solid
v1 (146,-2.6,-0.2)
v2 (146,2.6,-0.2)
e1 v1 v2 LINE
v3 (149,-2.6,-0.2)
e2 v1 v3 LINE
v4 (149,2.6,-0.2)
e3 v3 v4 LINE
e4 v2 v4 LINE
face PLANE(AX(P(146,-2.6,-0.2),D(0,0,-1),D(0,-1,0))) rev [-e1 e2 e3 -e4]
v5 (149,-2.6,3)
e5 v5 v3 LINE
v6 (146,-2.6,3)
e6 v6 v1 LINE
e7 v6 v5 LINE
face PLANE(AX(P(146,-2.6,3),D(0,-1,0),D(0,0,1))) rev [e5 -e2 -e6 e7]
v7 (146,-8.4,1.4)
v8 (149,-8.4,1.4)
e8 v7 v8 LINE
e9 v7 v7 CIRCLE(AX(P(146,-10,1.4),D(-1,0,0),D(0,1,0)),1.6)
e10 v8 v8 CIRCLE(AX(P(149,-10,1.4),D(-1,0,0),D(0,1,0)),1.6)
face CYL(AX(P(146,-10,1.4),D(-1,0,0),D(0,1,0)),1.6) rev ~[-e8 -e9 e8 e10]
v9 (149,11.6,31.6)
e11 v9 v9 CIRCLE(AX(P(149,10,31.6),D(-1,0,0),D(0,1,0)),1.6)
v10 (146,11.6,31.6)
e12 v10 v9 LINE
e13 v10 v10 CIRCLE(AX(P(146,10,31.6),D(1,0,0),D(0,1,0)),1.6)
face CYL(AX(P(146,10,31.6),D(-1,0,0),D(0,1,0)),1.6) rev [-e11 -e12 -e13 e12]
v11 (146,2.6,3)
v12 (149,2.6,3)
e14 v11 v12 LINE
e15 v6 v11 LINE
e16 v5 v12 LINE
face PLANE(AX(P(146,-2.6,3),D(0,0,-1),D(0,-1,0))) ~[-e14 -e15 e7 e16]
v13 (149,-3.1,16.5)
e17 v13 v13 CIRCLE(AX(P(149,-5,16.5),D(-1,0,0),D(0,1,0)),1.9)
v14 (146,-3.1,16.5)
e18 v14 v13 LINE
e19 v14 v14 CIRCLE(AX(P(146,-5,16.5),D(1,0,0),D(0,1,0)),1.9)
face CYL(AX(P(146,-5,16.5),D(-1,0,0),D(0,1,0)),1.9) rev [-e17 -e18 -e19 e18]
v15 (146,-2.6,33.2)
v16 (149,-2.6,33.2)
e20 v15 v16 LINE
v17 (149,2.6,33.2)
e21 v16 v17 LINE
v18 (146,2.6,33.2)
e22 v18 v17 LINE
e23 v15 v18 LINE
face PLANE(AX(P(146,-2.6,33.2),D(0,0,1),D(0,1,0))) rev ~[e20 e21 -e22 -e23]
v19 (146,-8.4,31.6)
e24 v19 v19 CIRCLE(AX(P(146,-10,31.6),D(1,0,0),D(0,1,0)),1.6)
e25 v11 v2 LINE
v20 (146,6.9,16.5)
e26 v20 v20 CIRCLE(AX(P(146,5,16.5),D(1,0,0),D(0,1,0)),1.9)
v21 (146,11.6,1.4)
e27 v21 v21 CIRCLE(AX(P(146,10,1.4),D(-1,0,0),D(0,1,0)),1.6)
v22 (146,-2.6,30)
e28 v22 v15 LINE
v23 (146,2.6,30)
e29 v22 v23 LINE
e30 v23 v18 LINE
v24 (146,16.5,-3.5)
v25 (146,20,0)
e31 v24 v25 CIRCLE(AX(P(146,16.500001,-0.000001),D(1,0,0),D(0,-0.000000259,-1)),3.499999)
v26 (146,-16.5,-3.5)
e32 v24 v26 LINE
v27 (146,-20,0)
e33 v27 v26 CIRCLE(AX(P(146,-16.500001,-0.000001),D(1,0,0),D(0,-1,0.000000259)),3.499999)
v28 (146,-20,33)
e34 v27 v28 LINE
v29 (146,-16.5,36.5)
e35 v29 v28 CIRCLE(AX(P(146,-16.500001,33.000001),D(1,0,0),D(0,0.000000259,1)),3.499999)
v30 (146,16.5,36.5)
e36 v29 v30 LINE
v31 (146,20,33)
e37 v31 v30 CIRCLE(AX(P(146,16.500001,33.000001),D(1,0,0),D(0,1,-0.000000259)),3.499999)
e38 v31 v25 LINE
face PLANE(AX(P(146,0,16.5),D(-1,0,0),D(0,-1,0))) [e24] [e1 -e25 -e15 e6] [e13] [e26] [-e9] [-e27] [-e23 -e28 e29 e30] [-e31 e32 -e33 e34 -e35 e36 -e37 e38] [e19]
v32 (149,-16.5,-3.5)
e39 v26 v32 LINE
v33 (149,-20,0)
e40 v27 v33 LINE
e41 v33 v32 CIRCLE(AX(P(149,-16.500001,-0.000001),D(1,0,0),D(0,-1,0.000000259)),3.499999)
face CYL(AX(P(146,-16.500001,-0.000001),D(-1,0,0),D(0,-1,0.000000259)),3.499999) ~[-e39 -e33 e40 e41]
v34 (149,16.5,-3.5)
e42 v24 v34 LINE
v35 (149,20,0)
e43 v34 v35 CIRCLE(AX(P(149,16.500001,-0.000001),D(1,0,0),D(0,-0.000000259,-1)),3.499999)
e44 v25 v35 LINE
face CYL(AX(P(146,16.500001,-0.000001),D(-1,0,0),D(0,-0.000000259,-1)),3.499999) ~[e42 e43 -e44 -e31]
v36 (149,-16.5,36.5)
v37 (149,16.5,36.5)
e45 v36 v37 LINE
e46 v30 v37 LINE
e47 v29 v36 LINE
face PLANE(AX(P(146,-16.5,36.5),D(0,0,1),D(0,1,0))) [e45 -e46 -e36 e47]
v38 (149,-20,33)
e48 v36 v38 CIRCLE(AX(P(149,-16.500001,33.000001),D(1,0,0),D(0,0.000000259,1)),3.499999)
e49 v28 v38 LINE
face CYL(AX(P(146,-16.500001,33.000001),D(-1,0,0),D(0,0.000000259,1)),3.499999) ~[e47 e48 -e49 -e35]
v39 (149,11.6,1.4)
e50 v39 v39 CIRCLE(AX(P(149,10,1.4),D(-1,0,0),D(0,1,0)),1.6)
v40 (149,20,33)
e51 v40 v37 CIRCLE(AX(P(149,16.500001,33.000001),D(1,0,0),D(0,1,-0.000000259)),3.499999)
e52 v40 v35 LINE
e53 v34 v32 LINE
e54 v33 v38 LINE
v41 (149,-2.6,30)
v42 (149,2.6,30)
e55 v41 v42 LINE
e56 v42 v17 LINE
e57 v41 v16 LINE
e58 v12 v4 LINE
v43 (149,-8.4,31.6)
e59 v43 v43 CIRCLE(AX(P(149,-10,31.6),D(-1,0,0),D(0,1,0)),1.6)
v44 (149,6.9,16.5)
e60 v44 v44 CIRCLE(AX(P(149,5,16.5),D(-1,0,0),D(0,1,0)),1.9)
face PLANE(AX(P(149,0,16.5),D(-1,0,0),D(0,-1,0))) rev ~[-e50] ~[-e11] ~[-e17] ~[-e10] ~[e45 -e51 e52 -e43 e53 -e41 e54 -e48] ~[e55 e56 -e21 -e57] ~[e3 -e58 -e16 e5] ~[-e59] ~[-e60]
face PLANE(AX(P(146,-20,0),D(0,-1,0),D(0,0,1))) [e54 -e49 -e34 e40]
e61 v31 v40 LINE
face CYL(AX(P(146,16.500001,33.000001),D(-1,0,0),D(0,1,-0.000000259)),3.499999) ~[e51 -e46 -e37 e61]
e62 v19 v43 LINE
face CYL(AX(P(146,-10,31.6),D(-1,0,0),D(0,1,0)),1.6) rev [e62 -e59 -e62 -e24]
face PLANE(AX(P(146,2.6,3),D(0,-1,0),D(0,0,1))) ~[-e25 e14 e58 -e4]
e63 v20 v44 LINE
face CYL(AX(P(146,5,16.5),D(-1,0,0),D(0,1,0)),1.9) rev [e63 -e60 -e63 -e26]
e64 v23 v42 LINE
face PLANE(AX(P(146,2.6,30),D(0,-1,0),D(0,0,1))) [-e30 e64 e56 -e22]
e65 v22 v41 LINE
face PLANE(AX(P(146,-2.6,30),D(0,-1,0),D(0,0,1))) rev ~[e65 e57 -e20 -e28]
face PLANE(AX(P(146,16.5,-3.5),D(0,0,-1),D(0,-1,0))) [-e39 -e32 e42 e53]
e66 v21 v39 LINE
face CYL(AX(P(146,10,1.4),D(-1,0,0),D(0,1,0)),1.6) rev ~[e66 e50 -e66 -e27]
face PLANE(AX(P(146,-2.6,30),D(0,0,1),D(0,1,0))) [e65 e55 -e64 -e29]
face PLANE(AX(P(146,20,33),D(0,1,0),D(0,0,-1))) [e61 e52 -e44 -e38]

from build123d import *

# Parameters (mm, degrees)
PAD008_DEPTH    = 3
SKETCH034_R     = 1.6
SKETCH034_W     = 5.2
SKETCH034_H     = 3.2
POCKET021_DEPTH = 116.297072
SKETCH035_R     = 1.9
POCKET022_DEPTH = 3.001


with BuildPart() as part:
    # Sketch033 → Pad008 (new body)
    with BuildSketch(Plane.YZ):
        with BuildLine():
            Line((-16.5, 20), (16.5, 20))
            ThreePointArc((20, 16.5), (18.974874, 18.974874), (16.5, 20))
            Line((20, 16.5), (20, -16.5))
            ThreePointArc((16.5, -20), (18.974874, -18.974874), (20, -16.5))
            Line((16.5, -20), (-16.5, -20))
            ThreePointArc((-20, -16.5), (-18.974874, -18.974874), (-16.5, -20))
            Line((-20, -16.5), (-20, 16.5))
            ThreePointArc((-16.5, 20), (-18.974874, 18.974874), (-20, 16.5))
        make_face()
    extrude(amount=PAD008_DEPTH)

    # Sketch034 → Pocket021 (cut, through all)
    with BuildSketch(Plane.YZ):
        with Locations((-10, 15.1)):
            Circle(SKETCH034_R)
        with Locations((10, 15.1)):
            Circle(SKETCH034_R)
        with Locations((0, 15.1)):
            Rectangle(SKETCH034_W, SKETCH034_H)
    pocket021 = extrude(amount=POCKET021_DEPTH, mode=Mode.SUBTRACT)

    # Mirrored019: Pocket021 across Sketch034 H_Axis
    add(pocket021.mirror(Plane.XY), mode=Mode.SUBTRACT)

    # Sketch035 → Pocket022 (cut, through all)
    with BuildSketch(Plane.YZ):
        with Locations((-5, 0)):
            Circle(SKETCH035_R)
        with Locations((5, 0)):
            Circle(SKETCH035_R)
    extrude(amount=POCKET022_DEPTH, mode=Mode.SUBTRACT)


with BuildPart() as part_1:
    # Body006 placement: moved
    add(part.part.moved(Location((146, 0, 16.5))))


solid = part_1.part
